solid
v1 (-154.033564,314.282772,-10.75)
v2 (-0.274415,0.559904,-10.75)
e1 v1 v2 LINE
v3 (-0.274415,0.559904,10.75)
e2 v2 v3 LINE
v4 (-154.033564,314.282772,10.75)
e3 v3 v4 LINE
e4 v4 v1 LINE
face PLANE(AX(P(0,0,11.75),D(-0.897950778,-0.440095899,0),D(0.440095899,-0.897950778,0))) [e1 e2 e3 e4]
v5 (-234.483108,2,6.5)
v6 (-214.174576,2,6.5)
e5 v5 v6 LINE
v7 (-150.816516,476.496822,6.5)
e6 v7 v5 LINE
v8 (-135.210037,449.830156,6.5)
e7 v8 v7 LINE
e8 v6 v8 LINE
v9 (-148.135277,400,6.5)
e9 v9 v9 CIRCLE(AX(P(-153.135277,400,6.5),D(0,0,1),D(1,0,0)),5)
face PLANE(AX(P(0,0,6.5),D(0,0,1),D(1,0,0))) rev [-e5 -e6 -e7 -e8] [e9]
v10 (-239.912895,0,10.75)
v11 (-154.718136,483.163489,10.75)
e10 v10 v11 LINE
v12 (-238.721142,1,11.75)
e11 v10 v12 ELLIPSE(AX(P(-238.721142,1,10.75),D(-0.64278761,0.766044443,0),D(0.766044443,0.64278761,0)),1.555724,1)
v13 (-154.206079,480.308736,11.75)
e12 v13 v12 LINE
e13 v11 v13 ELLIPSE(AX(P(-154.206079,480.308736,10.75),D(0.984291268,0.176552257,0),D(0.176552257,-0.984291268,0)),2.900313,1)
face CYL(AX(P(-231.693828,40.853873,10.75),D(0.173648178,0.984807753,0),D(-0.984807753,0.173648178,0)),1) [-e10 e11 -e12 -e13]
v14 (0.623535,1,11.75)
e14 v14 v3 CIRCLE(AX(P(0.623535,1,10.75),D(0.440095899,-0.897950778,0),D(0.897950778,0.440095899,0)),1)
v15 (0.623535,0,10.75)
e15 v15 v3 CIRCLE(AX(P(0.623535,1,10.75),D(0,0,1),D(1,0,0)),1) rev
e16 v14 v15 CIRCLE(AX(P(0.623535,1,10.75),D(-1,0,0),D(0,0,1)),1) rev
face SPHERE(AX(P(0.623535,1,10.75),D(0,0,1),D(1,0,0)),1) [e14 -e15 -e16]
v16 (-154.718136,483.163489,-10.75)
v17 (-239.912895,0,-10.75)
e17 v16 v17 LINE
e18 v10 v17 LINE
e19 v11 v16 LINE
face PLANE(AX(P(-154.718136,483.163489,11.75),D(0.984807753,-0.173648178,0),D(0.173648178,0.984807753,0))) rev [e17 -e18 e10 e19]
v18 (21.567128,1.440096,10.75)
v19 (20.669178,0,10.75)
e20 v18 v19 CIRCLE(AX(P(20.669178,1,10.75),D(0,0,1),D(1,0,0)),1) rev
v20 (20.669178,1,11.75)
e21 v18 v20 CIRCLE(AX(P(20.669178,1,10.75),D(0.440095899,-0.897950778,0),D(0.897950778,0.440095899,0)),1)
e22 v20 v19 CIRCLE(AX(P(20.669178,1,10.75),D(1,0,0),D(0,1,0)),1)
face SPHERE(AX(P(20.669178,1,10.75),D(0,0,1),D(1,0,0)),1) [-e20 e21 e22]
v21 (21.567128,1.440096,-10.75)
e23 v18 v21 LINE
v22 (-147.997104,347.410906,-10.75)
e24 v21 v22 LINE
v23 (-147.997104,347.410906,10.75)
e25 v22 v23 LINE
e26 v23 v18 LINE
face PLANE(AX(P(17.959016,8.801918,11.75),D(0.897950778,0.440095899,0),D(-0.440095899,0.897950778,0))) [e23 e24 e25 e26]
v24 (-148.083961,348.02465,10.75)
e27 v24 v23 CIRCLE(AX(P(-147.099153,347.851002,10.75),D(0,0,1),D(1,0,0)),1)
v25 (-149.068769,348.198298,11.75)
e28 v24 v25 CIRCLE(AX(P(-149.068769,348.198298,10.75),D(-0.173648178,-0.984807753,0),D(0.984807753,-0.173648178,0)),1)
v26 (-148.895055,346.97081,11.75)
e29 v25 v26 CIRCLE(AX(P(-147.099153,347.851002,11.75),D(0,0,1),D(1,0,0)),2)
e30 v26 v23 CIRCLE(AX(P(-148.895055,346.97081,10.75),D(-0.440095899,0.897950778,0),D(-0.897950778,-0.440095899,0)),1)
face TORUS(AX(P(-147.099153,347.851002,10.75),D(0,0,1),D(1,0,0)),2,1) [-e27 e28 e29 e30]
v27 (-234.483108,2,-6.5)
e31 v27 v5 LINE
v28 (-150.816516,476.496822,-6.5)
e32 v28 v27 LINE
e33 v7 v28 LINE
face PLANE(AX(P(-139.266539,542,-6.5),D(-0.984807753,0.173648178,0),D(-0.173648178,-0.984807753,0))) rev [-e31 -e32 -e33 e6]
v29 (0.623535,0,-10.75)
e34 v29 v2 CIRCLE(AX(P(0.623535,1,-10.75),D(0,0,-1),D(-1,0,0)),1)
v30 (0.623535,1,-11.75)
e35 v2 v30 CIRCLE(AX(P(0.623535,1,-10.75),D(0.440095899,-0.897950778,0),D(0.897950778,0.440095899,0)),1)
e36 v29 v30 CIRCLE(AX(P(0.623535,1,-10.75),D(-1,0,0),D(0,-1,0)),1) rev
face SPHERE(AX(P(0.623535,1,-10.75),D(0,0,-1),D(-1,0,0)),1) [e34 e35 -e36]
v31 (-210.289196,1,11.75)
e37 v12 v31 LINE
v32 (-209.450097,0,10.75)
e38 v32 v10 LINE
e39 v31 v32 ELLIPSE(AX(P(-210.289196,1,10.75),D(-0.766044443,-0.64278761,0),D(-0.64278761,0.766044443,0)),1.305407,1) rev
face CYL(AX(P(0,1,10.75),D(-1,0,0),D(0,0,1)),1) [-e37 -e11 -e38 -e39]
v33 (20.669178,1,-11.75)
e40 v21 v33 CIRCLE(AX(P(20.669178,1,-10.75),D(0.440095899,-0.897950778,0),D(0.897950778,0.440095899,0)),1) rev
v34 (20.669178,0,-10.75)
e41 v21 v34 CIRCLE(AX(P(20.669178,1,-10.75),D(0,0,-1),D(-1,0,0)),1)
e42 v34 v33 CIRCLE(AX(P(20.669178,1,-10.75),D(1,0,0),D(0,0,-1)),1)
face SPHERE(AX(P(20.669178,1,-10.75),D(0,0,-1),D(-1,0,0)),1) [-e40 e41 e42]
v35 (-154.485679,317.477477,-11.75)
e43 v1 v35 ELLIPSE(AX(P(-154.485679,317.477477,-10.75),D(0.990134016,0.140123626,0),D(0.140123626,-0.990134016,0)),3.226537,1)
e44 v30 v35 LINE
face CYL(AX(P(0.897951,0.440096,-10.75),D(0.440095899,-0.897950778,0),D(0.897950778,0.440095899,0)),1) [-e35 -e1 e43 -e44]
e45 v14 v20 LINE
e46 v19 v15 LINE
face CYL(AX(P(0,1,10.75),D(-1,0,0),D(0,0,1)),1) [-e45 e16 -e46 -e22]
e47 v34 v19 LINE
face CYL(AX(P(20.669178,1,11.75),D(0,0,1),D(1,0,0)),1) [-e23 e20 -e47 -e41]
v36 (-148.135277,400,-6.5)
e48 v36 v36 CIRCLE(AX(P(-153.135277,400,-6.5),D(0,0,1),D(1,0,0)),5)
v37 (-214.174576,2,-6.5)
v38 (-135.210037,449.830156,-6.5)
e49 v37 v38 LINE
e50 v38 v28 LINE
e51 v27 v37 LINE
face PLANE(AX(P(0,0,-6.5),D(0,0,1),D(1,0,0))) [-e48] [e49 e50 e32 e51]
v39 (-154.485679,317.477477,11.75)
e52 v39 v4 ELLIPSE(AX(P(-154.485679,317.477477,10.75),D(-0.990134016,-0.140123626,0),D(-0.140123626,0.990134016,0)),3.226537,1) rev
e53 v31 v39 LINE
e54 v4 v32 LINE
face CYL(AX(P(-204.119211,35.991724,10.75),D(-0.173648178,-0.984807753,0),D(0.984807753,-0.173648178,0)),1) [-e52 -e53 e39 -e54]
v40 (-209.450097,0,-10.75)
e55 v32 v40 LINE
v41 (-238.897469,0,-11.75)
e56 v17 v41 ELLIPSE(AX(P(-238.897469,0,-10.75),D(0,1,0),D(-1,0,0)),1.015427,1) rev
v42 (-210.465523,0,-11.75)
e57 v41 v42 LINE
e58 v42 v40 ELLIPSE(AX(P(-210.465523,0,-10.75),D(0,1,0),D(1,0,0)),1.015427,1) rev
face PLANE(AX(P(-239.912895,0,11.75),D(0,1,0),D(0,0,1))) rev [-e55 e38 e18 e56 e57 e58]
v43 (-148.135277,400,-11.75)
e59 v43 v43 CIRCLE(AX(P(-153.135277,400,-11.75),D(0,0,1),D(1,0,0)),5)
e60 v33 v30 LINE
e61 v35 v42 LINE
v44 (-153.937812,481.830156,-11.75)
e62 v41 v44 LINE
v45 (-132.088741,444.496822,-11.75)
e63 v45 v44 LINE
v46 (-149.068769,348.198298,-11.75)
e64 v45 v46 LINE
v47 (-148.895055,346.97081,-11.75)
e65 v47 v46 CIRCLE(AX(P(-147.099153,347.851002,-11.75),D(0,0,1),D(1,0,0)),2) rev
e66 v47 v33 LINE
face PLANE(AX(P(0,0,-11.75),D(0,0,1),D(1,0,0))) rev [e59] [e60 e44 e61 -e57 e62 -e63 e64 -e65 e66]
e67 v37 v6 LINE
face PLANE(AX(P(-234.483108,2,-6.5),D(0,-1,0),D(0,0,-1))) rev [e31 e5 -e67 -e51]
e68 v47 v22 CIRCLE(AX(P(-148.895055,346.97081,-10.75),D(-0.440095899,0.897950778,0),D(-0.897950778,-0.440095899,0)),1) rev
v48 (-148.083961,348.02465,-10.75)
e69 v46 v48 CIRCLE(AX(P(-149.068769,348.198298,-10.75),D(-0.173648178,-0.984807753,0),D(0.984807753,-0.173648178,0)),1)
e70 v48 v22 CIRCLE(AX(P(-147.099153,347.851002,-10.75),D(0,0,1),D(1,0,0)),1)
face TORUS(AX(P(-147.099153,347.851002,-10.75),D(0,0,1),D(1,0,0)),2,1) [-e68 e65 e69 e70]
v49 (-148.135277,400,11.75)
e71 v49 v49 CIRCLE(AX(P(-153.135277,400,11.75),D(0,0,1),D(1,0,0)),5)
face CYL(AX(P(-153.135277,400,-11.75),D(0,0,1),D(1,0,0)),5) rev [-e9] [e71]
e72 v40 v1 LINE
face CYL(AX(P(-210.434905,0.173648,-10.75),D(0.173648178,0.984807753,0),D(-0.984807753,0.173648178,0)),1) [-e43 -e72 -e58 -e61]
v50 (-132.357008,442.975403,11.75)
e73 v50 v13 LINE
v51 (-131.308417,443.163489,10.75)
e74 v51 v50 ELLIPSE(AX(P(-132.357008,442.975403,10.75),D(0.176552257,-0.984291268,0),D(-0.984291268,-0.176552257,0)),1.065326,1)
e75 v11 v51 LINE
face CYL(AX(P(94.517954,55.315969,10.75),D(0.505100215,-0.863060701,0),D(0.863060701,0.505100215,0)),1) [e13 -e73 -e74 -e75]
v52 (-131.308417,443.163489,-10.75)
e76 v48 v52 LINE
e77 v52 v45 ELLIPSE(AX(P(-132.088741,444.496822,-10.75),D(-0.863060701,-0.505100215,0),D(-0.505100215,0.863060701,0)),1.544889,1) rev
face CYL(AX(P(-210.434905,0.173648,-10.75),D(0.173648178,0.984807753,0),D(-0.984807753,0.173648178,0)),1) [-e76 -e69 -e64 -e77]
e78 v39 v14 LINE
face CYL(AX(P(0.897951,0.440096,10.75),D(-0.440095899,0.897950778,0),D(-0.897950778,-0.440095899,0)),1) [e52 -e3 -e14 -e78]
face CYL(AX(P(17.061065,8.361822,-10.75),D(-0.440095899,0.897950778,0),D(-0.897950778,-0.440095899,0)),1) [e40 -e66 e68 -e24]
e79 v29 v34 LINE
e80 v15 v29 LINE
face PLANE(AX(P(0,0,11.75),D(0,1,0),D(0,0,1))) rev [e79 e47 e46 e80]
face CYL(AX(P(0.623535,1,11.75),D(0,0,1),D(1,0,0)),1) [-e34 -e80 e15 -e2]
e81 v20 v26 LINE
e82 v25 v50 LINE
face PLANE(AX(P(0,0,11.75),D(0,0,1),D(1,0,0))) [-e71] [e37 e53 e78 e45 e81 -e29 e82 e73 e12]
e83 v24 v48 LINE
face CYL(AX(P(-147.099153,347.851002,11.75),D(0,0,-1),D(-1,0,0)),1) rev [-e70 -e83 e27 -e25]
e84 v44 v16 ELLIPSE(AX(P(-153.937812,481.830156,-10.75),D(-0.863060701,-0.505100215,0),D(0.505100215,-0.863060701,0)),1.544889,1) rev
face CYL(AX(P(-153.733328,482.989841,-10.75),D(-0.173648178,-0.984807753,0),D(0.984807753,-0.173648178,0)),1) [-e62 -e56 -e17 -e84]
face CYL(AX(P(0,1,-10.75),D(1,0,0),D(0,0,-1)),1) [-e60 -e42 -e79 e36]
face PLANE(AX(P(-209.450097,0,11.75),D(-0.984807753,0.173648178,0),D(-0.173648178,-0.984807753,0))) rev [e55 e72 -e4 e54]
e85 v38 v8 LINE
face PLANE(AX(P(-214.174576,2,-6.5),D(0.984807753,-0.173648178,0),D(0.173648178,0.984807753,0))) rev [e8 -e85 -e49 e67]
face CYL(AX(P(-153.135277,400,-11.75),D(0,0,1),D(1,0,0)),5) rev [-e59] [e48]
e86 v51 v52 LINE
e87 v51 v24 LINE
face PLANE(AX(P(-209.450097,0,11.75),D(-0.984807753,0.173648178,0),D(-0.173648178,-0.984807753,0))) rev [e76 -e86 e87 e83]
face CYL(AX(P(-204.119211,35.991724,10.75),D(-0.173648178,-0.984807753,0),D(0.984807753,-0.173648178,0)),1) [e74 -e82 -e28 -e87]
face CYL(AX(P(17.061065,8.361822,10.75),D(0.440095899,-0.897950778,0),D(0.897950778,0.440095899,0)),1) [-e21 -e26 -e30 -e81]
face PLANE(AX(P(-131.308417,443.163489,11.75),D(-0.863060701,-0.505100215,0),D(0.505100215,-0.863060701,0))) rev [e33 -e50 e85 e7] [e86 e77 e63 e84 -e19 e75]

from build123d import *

# Parameters (mm, degrees)
BOSS_EXTRUDE2_DEPTH = 11.75
CUT_EXTRUDE1_DEPTH  = 6.5
SKETCH3_R           = 5
CUT_EXTRUDE2_DEPTH  = 540.96055804
FILLET2_R           = 1


with BuildPart() as part:
    # Sketch1 → Boss-Extrude2 (new, symmetric)
    with BuildSketch(Plane.XY):
        Polygon((-154.033564487, 314.282772375), (-148.14056714, 347.703621092), (22.272935761, 0), (0, 0), align=None)
        Polygon((-154.718136007, 483.163488855), (-239.912895185, 0), (-209.450096828, 0), (-131.308416878, 443.163488855), align=None)
    extrude(amount=BOSS_EXTRUDE2_DEPTH, both=True)

    # Sketch2 → Cut-Extrude1 (cut, symmetric)
    with BuildSketch(Plane.XY):
        Polygon((-234.483108164, 2), (-214.174575926, 2), (-126.011085572, 502), (-139.266538582, 542), align=None)
    extrude(amount=CUT_EXTRUDE1_DEPTH, both=True, mode=Mode.SUBTRACT)

    # Sketch3 → Cut-Extrude2 (cut, through all)
    with BuildSketch(Plane.XY.offset(11.75)):
        with Locations((-153.135277111, 400)):
            Circle(SKETCH3_R)
    extrude(amount=-CUT_EXTRUDE2_DEPTH, mode=Mode.SUBTRACT)

    # Fillet2
    fillet2_edges = [part.edges().sort_by_distance(p)[0] for p in [
        (-62.933815689, 173.851810546, -11.75),
        (11.136467881, 0, 11.75),
        (-77.016782243, 157.141386187, 11.75),
        (-181.741830658, 157.141386187, 11.75),
        (-224.681496007, 0, 11.75),
        (-197.315515596, 241.581744428, 11.75),
        (-143.013276442, 463.163488855, 11.75),
        (-139.724492009, 395.433554974, 11.75),
        (-62.933815689, 173.851810546, 11.75),
        (11.136467881, 0, -11.75),
        (-77.016782243, 157.141386187, -11.75),
        (0, 0, 0),
        (22.272935761, 0, 0),
        (-148.14056714, 347.703621092, 0),
        (-181.741830658, 157.141386187, -11.75),
        (-197.315515596, 241.581744428, -11.75),
        (-139.724492009, 395.433554974, -11.75),
    ]]
    fillet(fillet2_edges, radius=FILLET2_R)


solid = part.part
